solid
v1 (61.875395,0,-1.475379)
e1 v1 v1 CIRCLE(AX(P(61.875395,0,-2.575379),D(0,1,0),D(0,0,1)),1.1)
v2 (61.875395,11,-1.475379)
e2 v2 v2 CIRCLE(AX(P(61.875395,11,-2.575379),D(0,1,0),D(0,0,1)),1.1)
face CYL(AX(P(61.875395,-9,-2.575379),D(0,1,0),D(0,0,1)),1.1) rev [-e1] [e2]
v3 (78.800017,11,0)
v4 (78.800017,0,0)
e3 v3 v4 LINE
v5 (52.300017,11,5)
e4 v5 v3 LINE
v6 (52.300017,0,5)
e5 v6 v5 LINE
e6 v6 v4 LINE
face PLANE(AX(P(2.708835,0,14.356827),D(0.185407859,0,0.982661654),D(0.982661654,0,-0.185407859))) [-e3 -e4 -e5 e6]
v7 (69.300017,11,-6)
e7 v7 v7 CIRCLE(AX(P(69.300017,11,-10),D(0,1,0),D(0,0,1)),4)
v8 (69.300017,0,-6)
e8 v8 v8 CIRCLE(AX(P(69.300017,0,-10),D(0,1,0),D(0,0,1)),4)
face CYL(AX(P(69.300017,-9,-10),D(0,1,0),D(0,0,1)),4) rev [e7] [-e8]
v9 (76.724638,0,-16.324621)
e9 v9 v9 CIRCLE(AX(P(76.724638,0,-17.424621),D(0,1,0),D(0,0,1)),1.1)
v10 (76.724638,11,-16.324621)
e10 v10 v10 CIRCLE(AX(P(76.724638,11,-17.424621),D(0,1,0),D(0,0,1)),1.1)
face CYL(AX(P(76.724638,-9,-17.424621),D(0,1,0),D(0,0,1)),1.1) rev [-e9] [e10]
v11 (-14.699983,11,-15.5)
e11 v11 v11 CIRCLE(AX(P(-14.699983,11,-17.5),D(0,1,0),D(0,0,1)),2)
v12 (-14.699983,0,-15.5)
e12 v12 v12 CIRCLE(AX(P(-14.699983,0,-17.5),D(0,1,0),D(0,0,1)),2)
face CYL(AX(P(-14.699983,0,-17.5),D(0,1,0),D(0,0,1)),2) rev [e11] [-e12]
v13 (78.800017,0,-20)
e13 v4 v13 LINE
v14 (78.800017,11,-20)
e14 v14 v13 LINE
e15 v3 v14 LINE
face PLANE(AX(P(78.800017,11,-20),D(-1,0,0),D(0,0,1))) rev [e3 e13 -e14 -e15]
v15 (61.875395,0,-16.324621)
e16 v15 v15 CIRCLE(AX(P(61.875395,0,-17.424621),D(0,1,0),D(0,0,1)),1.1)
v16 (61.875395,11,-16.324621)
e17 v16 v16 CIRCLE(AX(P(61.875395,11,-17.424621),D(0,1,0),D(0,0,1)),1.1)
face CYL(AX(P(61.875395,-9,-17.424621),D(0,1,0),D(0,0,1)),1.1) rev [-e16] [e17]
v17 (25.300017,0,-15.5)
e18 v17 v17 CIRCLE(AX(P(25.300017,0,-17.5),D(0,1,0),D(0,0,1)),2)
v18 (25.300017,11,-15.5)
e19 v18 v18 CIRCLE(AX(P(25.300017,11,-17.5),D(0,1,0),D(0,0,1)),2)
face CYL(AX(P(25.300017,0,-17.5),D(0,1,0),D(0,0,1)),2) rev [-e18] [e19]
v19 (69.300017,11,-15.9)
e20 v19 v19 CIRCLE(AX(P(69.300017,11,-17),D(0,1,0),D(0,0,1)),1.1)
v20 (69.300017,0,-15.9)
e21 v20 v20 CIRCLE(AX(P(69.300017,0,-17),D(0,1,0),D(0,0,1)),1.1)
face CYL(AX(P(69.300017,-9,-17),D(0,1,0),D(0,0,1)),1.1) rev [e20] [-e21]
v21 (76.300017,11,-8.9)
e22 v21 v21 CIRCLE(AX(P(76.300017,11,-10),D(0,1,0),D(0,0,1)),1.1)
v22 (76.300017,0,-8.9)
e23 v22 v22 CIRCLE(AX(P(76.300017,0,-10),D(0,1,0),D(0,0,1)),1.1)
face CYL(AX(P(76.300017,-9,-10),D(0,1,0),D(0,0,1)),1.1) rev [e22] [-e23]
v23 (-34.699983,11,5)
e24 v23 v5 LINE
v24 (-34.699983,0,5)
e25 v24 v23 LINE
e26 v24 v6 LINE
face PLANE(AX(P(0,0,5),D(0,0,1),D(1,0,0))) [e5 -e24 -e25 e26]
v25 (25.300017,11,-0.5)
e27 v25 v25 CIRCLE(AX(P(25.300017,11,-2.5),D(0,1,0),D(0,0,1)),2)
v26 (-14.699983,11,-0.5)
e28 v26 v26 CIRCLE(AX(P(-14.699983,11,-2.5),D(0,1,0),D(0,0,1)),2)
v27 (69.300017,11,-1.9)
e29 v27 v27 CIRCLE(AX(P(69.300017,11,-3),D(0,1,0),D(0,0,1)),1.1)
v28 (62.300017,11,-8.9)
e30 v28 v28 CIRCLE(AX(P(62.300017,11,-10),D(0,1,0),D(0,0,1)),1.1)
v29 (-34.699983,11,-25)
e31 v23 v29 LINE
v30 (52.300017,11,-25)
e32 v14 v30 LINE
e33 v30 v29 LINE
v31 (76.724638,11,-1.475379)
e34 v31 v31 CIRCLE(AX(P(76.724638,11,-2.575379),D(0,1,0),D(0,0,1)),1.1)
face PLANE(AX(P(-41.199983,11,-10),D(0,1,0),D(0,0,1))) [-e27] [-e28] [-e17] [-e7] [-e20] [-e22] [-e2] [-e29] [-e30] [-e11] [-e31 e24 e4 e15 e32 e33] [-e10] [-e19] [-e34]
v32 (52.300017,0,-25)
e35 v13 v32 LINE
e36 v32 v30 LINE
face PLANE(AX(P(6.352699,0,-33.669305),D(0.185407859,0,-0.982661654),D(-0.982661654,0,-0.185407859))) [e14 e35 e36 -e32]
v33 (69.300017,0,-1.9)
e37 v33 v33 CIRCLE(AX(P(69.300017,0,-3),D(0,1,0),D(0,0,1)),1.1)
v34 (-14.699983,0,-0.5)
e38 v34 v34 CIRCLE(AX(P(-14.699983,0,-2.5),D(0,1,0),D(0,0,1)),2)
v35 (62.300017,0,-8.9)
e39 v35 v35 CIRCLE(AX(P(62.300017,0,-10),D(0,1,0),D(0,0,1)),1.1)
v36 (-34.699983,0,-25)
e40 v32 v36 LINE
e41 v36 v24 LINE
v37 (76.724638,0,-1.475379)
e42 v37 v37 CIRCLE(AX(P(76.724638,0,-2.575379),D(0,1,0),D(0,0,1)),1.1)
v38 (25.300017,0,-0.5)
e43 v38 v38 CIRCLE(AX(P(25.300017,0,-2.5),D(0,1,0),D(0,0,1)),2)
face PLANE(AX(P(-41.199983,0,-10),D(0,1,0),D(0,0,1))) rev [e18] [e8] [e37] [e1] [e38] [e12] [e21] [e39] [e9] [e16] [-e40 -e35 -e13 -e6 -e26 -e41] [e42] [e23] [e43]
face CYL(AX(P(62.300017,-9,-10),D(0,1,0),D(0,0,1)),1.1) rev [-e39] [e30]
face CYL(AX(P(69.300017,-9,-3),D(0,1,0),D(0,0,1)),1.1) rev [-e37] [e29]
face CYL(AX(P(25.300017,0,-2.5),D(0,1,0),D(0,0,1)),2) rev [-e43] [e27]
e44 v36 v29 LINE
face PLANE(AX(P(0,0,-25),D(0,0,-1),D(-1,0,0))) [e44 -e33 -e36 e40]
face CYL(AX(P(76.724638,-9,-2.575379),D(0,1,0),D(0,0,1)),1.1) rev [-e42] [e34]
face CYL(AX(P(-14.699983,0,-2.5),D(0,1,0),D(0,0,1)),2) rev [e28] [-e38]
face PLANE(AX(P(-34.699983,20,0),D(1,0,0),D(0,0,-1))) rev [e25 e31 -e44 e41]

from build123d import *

# Parameters (mm, degrees)
EXTRUDE_1_DEPTH     = 11
SKETCH_2_R          = 1.5
SKETCH_2_R_2        = 4
CUT_EXTRUDE_1_DEPTH = 10
SKETCH_4_R          = 4
SKETCH_4_R_2        = 1.1
CUT_EXTRUDE_4_DEPTH = 20
SKETCH_5_W          = 18.664238265
SKETCH_5_H          = 20
CUT_EXTRUDE_5_DEPTH = 20
SKETCH_6_W          = 87
SKETCH_6_H          = 5
EXTRUDE_2_DEPTH     = 11
CUT_EXTRUDE_6_DEPTH = 11


with BuildPart() as part:
    # 草图1 → 凸台-拉伸1 (new body)
    with BuildSketch(Plane(origin=(0, 0, 0), x_dir=(1, 0, 0), z_dir=(0, 1, 0))):
        with BuildLine():
            Line((-41.199983302, 20), (78.800016698, 20))
            Line((78.800016698, 20), (78.800016698, 0))
            Line((78.800016698, 0), (-41.199983302, 0))
            ThreePointArc((-41.199983302, 0), (-51.199983302, 10), (-41.199983302, 20))
        make_face()
    extrude(amount=EXTRUDE_1_DEPTH)

    # 草图2 → 切除-拉伸1 (cut)
    with BuildSketch(Plane(origin=(0, 11, 0), x_dir=(1, 0, 0), z_dir=(0, 1, 0))):
        with Locations(Location((-48.199983302, 10, 0), (0, 0, 270))):
            Circle(SKETCH_2_R)
        with BuildLine():
            ThreePointArc((-39.699983302, 17), (-40.13932313, 18.060660172), (-41.199983302, 18.5))
            Line((-41.199983302, 18.5), (-41.199983302, 17))
            Line((-41.199983302, 17), (-41.199983302, 15.5))
            ThreePointArc((-41.199983302, 15.5), (-40.13932313, 15.939339828), (-39.699983302, 17))
        make_face()
        with BuildLine():
            Line((-41.199983302, 17), (-41.199983302, 18.5))
            ThreePointArc((-41.199983302, 18.5), (-42.699983302, 17), (-41.199983302, 15.5))
            Line((-41.199983302, 15.5), (-41.199983302, 17))
        make_face()
        with BuildLine():
            ThreePointArc((-39.699983302, 3), (-40.13932313, 4.060660172), (-41.199983302, 4.5))
            Line((-41.199983302, 4.5), (-41.199983302, 3))
            Line((-41.199983302, 3), (-41.199983302, 1.5))
            ThreePointArc((-41.199983302, 1.5), (-40.13932313, 1.939339828), (-39.699983302, 3))
        make_face()
        with BuildLine():
            Line((-41.199983302, 3), (-41.199983302, 4.5))
            ThreePointArc((-41.199983302, 4.5), (-42.699983302, 3), (-41.199983302, 1.5))
            Line((-41.199983302, 1.5), (-41.199983302, 3))
        make_face()
        with Locations(Location((-41.199983302, 10, 0), (0, 0, 270))):
            Circle(SKETCH_2_R_2)
    extrude(amount=-CUT_EXTRUDE_1_DEPTH, mode=Mode.SUBTRACT)

    # 草图4 → 切除-拉伸4 (cut)
    with BuildSketch(Plane(origin=(0, 11, 0), x_dir=(1, 0, 0), z_dir=(0, 1, 0))):
        with Locations(Location((69.300016698, 10, 0), (0, 0, 270))):
            Circle(SKETCH_4_R)
        with Locations(Location((76.7246379, 17.424621202, 0), (0, 0, 270))):
            Circle(SKETCH_4_R_2)
        with Locations(Location((62.300016698, 10, 0), (0, 0, 270))):
            Circle(SKETCH_4_R_2)
        with Locations(Location((76.7246379, 2.575378798, 0), (0, 0, 270))):
            Circle(SKETCH_4_R_2)
        with Locations(Location((61.875395496, 2.575378798, 0), (0, 0, 270))):
            Circle(SKETCH_4_R_2)
        with Locations(Location((61.875395496, 17.424621202, 0), (0, 0, 270))):
            Circle(SKETCH_4_R_2)
        with Locations(Location((69.300016698, 17, 0), (0, 0, 270))):
            Circle(SKETCH_4_R_2)
        with Locations(Location((76.300016698, 10, 0), (0, 0, 270))):
            Circle(SKETCH_4_R_2)
        with Locations(Location((69.300016698, 3, 0), (0, 0, 270))):
            Circle(SKETCH_4_R_2)
    extrude(amount=-CUT_EXTRUDE_4_DEPTH, mode=Mode.SUBTRACT)

    # 草图5 → 切除-拉伸5 (cut)
    with BuildSketch(Plane.XZ):
        with Locations((-44.032102435, -10)):
            Rectangle(SKETCH_5_W, SKETCH_5_H)
    extrude(amount=-CUT_EXTRUDE_5_DEPTH, mode=Mode.SUBTRACT)

    # 草图6 → 凸台-拉伸2 (add)
    with BuildSketch(Plane(origin=(0, 11, 0), x_dir=(1, 0, 0), z_dir=(0, 1, 0))):
        Polygon((78.800016698, 20), (52.300016698, 25), (52.300016698, 20), align=None)
        Polygon((78.800016698, 0), (52.300016698, 0), (52.300016698, -5), align=None)
        with Locations((8.800016698, 22.5)):
            Rectangle(SKETCH_6_W, SKETCH_6_H)
        with Locations((8.800016698, -2.5)):
            Rectangle(SKETCH_6_W, SKETCH_6_H)
    extrude(amount=-EXTRUDE_2_DEPTH)

    # 草图7 → 切除-拉伸6 (cut)
    with BuildSketch(Plane(origin=(0, 11, 0), x_dir=(1, 0, 0), z_dir=(0, 1, 0))):
        with BuildLine():
            Line((23.300016698, 17.5), (25.300016698, 17.5))
            Line((25.300016698, 17.5), (25.300016698, 15.5))
            ThreePointArc((25.300016698, 15.5), (26.71423026, 16.085786438), (27.300016698, 17.5))
            ThreePointArc((27.300016698, 17.5), (25.300016698, 19.5), (23.300016698, 17.5))
        make_face()
        with BuildLine():
            Line((25.300016698, 15.5), (25.300016698, 17.5))
            Line((25.300016698, 17.5), (23.300016698, 17.5))
            ThreePointArc((23.300016698, 17.5), (23.885803136, 16.085786438), (25.300016698, 15.5))
        make_face()
        with BuildLine():
            ThreePointArc((27.300016698, 2.5), (26.71423026, 3.914213562), (25.300016698, 4.5))
            Line((25.300016698, 4.5), (25.300016698, 2.5))
            Line((25.300016698, 2.5), (23.300016698, 2.5))
            ThreePointArc((23.300016698, 2.5), (25.300016698, 0.5), (27.300016698, 2.5))
        make_face()
        with BuildLine():
            Line((25.300016698, 2.5), (25.300016698, 4.5))
            ThreePointArc((25.300016698, 4.5), (23.885803136, 3.914213562), (23.300016698, 2.5))
            Line((23.300016698, 2.5), (25.300016698, 2.5))
        make_face()
        with BuildLine():
            ThreePointArc((-14.699983302, 15.5), (-13.28576974, 16.085786438), (-12.699983302, 17.5))
            Line((-12.699983302, 17.5), (-14.699983302, 17.5))
            Line((-14.699983302, 17.5), (-14.699983302, 15.5))
        make_face()
        with BuildLine():
            Line((-14.699983302, 17.5), (-12.699983302, 17.5))
            ThreePointArc((-12.699983302, 17.5), (-16.114196864, 18.914213562), (-14.699983302, 15.5))
            Line((-14.699983302, 15.5), (-14.699983302, 17.5))
        make_face()
        with BuildLine():
            ThreePointArc((-14.699983302, 4.5), (-16.114196864, 1.085786438), (-12.699983302, 2.5))
            Line((-12.699983302, 2.5), (-14.699983302, 2.5))
            Line((-14.699983302, 2.5), (-14.699983302, 4.5))
        make_face()
        with BuildLine():
            Line((-14.699983302, 2.5), (-12.699983302, 2.5))
            ThreePointArc((-12.699983302, 2.5), (-13.28576974, 3.914213562), (-14.699983302, 4.5))
            Line((-14.699983302, 4.5), (-14.699983302, 2.5))
        make_face()
    extrude(amount=-CUT_EXTRUDE_6_DEPTH, mode=Mode.SUBTRACT)


solid = part.part
